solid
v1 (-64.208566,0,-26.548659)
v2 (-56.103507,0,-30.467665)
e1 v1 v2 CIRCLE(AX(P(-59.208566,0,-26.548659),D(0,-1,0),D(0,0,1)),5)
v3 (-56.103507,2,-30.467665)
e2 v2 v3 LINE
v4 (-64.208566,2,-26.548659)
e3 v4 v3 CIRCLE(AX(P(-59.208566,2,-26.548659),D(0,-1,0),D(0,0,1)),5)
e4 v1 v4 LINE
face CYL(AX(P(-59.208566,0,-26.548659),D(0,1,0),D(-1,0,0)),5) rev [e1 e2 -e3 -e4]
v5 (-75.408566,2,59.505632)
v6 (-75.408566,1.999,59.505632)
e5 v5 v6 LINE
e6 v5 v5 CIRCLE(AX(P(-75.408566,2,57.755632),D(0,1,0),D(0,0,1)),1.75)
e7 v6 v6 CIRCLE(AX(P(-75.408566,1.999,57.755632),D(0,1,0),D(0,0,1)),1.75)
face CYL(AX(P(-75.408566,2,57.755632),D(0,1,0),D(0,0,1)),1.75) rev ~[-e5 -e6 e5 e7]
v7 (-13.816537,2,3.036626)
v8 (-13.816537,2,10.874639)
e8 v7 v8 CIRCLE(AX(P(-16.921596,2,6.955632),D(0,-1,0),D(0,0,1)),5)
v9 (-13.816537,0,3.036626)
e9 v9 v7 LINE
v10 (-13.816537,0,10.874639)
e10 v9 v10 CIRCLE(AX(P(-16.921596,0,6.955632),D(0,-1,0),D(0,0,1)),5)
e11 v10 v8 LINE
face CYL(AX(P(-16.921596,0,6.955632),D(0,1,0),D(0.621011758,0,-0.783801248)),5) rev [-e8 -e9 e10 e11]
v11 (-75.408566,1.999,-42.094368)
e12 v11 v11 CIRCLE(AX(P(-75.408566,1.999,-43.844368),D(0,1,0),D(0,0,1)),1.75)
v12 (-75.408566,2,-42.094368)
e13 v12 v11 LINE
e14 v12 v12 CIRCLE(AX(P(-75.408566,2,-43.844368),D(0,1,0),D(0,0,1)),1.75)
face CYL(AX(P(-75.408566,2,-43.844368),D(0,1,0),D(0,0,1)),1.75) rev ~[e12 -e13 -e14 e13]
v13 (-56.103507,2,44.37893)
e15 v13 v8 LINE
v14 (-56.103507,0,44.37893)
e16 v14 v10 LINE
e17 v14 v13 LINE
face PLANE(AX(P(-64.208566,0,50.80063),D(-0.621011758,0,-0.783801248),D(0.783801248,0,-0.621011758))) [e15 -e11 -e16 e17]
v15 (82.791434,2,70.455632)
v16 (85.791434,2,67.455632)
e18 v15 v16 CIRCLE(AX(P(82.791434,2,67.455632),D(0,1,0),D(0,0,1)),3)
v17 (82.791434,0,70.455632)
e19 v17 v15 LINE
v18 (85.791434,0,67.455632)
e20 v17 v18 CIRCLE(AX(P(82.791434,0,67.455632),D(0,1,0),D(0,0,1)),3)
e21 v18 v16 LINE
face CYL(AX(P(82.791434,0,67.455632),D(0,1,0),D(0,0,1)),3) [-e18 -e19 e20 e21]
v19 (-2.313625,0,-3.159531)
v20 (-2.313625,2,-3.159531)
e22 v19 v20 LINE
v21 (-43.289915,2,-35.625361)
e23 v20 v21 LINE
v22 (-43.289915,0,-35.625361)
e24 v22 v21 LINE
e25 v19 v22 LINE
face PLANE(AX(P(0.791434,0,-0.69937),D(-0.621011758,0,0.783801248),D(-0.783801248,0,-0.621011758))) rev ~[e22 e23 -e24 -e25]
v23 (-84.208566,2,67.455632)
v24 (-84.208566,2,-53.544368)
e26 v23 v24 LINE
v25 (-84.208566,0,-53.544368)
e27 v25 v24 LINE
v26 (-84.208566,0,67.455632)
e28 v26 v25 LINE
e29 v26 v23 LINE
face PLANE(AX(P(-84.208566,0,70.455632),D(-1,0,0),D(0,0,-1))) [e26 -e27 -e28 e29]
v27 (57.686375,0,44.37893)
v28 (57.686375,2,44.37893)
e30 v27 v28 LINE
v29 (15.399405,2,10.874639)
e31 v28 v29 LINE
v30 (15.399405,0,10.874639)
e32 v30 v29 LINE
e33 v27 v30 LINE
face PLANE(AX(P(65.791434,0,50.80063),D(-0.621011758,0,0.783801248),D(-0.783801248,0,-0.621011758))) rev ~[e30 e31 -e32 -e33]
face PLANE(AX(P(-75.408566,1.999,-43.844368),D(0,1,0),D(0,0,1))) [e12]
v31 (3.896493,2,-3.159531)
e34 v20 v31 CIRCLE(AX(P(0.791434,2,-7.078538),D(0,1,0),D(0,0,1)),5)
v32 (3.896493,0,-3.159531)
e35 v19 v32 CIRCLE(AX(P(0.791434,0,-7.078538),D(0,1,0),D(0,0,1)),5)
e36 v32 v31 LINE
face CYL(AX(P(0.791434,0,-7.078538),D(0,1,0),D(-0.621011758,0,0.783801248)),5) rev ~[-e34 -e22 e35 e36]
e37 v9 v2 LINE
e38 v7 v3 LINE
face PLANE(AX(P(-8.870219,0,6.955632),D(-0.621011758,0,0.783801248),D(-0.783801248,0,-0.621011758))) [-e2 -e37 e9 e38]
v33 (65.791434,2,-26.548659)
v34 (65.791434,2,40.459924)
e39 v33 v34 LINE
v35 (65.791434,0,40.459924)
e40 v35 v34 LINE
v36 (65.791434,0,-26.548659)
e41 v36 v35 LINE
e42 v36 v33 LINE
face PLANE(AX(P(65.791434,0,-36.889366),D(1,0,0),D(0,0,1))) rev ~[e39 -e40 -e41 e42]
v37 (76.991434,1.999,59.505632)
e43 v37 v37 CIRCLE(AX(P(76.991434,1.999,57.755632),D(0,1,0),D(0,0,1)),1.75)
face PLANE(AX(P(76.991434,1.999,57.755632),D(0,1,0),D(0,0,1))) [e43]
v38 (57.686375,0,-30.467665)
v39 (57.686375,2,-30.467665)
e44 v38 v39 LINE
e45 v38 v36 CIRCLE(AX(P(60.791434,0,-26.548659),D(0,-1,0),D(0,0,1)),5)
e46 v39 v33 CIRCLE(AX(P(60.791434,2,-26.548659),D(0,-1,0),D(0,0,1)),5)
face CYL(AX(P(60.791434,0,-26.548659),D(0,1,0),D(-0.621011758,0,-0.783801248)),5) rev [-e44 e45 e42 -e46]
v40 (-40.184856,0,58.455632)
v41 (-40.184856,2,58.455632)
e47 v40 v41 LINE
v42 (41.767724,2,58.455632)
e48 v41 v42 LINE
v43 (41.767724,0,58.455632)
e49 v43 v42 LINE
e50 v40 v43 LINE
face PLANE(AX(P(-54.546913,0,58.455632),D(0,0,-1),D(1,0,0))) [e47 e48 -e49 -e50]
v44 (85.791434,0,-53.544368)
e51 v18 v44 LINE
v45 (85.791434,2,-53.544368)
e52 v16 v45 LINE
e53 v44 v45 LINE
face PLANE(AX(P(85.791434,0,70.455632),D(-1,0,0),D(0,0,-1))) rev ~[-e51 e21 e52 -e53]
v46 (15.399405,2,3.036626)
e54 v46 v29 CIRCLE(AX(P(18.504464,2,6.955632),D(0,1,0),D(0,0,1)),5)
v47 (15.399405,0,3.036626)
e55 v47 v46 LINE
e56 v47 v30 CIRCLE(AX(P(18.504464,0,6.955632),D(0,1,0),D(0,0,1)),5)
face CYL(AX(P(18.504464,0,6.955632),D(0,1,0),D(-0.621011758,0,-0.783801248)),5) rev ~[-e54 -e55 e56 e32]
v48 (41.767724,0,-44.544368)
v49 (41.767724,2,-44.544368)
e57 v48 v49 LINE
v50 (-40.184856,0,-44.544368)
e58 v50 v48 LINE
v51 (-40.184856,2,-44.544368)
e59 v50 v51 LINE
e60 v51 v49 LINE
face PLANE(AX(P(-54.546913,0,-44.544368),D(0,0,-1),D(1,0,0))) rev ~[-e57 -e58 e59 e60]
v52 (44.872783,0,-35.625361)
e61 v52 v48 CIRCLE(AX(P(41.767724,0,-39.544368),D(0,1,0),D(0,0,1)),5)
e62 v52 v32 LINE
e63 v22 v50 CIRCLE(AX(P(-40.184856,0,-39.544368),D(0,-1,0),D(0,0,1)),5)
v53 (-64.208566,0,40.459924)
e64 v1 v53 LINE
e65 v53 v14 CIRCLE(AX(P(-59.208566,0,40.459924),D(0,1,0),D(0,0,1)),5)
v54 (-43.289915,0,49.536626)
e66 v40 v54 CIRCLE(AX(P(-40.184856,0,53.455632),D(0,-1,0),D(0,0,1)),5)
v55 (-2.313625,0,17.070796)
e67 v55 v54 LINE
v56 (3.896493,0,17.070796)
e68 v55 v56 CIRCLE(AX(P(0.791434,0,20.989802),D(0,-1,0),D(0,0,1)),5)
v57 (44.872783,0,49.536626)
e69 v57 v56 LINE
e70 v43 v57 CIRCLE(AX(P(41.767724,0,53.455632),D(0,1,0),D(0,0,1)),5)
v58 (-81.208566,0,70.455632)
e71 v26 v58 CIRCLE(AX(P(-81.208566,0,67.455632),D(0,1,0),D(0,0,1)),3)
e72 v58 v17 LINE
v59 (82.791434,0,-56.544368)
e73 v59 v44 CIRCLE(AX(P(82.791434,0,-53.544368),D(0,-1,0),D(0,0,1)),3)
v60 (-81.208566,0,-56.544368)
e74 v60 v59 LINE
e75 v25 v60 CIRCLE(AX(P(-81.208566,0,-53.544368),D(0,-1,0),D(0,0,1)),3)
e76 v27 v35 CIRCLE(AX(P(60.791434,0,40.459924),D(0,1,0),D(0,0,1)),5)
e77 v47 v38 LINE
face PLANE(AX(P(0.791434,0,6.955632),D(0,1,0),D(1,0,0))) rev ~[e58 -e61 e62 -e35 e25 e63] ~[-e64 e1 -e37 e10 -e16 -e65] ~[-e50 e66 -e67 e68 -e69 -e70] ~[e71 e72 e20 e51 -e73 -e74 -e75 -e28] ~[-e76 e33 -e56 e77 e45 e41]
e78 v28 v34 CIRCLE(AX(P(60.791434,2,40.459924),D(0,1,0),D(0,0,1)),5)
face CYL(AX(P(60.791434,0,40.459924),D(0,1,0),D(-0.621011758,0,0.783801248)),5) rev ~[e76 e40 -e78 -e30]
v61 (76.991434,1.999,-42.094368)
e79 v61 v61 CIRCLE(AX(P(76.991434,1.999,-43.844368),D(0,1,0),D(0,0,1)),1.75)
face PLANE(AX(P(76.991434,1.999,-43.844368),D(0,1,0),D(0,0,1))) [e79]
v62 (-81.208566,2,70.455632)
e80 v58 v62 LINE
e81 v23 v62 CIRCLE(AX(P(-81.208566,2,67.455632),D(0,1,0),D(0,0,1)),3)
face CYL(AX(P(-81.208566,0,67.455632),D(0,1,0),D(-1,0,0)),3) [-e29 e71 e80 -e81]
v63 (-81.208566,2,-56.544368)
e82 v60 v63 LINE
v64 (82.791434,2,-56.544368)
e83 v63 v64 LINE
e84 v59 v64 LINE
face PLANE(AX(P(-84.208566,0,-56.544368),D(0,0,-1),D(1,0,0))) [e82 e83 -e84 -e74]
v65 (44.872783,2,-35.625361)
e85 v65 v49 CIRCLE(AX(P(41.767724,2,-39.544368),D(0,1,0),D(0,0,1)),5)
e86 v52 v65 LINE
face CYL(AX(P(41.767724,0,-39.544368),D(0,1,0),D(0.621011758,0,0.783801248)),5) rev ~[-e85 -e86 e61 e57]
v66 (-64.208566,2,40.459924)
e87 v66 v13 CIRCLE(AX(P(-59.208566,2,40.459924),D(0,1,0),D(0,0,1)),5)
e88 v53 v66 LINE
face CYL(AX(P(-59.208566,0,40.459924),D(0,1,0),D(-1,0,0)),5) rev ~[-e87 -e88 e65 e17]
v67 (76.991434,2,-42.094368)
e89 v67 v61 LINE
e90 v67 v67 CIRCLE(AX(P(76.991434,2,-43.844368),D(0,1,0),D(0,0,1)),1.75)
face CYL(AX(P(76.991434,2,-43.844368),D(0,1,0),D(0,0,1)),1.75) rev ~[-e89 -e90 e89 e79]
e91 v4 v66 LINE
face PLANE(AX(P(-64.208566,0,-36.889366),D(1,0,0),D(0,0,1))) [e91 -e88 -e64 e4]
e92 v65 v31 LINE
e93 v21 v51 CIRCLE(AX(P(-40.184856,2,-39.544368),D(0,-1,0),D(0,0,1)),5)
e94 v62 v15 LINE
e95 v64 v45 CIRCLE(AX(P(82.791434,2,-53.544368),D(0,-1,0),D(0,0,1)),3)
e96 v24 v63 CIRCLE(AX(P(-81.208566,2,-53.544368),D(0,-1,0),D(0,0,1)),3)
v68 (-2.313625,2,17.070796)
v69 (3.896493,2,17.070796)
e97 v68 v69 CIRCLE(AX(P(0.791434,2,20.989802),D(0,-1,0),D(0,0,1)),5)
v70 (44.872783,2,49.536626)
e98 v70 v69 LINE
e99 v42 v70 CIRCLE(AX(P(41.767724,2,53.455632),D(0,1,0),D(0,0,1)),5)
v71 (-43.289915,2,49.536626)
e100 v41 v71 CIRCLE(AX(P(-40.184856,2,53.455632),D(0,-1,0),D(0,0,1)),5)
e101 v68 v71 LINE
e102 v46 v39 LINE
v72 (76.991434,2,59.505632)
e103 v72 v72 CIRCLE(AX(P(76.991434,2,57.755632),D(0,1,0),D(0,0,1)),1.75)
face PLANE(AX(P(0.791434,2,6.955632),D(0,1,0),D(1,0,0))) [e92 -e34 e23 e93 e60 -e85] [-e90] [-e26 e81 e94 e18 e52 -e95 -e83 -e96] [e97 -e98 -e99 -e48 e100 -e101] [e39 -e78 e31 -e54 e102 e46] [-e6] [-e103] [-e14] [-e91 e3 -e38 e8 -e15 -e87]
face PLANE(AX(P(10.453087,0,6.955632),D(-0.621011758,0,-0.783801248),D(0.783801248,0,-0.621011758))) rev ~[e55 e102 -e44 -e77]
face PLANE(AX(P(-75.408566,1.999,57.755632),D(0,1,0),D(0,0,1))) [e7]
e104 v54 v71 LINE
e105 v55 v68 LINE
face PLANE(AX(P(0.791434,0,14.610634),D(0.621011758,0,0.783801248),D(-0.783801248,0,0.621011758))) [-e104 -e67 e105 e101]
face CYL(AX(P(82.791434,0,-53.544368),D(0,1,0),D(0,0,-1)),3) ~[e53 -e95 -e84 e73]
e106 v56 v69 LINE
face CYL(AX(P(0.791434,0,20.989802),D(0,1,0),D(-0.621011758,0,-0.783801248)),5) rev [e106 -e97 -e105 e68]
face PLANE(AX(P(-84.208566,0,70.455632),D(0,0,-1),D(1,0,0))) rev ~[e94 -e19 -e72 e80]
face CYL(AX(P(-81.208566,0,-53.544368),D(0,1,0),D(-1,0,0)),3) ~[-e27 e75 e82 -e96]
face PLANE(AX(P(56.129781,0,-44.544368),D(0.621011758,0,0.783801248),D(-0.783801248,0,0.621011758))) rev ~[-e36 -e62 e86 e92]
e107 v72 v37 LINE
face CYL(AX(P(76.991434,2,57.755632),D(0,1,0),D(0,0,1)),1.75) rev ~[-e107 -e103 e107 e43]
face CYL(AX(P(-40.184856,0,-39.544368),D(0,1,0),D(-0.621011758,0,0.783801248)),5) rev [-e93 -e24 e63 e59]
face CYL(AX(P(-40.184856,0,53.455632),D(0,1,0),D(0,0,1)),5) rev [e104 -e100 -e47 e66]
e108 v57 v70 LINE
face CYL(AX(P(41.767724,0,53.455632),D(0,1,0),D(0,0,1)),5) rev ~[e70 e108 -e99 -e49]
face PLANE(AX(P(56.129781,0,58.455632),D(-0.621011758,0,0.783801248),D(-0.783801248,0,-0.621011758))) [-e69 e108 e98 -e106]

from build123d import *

# Parameters (mm, degrees)
SKETCH1_W           = 170
SKETCH1_H           = 127
BOSS_EXTRUDE1_DEPTH = 2
FILLET1_R           = 5
FILLET2_R           = 3
SKETCH2_R           = 1.75
CUT_EXTRUDE1_DEPTH  = 0.001
FILLET3_R           = 5


with BuildPart() as part:
    # Sketch1 → Boss-Extrude1 (new body)
    with BuildSketch(Plane(origin=(0, 0, 0), x_dir=(1, 0, 0), z_dir=(0, 1, 0))):
        with Locations((0.791433892, -6.955632319)):
            Rectangle(SKETCH1_W, SKETCH1_H)
        Polygon((-54.546913293, 44.544367681), (56.129781077, 44.544367681), (0.791433892, 0.699369526), align=None, mode=Mode.SUBTRACT)
        Polygon((-64.208566108, 36.889365836), (-64.208566108, -50.800630474), (-8.870218923, -6.955632319), align=None, mode=Mode.SUBTRACT)
        Polygon((-54.546913293, -58.455632319), (56.129781077, -58.455632319), (0.791433892, -14.610634164), align=None, mode=Mode.SUBTRACT)
        Polygon((65.791433892, 36.889365836), (65.791433892, -50.800630474), (10.453086707, -6.955632319), align=None, mode=Mode.SUBTRACT)
    extrude(amount=BOSS_EXTRUDE1_DEPTH)

    # Fillet1
    fillet1_edges = [part.edges().sort_by_distance(p)[0] for p in [
        (0.791433892, 1, -0.699369526),
        (56.129781077, 1, -44.544367681),
        (-54.546913293, 1, -44.544367681),
        (10.453086707, 1, 6.955632319),
        (65.791433892, 1, 50.800630474),
        (65.791433892, 1, -36.889365836),
        (-8.870218923, 1, 6.955632319),
        (-64.208566108, 1, -36.889365836),
        (-64.208566108, 1, 50.800630474),
        (56.129781077, 1, 58.455632319),
        (0.791433892, 1, 14.610634164),
    ]]
    fillet(fillet1_edges, radius=FILLET1_R)

    # Fillet2
    fillet2_edges = [part.edges().sort_by_distance(p)[0] for p in [
        (-84.208566108, 1, -56.544367681),
        (85.791433892, 1, -56.544367681),
        (85.791433892, 1, 70.455632319),
        (-84.208566108, 1, 70.455632319),
    ]]
    fillet(fillet2_edges, radius=FILLET2_R)

    # Sketch2 → Cut-Extrude1 (cut)
    with BuildSketch(Plane(origin=(0, 2, 0), x_dir=(1, 0, 0), z_dir=(0, 1, 0))):
        with Locations(Location((-75.408566108, 43.844367681, 0), (0, 0, 270))):
            Circle(SKETCH2_R)
        with Locations(Location((76.991433892, 43.844367681, 0), (0, 0, 270))):
            Circle(SKETCH2_R)
        with Locations(Location((76.991433892, -57.755632319, 0), (0, 0, 270))):
            Circle(SKETCH2_R)
        with Locations(Location((-75.408566108, -57.755632319, 0), (0, 0, 270))):
            Circle(SKETCH2_R)
    extrude(amount=-CUT_EXTRUDE1_DEPTH, mode=Mode.SUBTRACT)

    # Fillet3
    fillet3_edges = [part.edges().sort_by_distance(p)[0] for p in [
        (-54.546913293, 1, 58.455632319),
    ]]
    fillet(fillet3_edges, radius=FILLET3_R)


solid = part.part
